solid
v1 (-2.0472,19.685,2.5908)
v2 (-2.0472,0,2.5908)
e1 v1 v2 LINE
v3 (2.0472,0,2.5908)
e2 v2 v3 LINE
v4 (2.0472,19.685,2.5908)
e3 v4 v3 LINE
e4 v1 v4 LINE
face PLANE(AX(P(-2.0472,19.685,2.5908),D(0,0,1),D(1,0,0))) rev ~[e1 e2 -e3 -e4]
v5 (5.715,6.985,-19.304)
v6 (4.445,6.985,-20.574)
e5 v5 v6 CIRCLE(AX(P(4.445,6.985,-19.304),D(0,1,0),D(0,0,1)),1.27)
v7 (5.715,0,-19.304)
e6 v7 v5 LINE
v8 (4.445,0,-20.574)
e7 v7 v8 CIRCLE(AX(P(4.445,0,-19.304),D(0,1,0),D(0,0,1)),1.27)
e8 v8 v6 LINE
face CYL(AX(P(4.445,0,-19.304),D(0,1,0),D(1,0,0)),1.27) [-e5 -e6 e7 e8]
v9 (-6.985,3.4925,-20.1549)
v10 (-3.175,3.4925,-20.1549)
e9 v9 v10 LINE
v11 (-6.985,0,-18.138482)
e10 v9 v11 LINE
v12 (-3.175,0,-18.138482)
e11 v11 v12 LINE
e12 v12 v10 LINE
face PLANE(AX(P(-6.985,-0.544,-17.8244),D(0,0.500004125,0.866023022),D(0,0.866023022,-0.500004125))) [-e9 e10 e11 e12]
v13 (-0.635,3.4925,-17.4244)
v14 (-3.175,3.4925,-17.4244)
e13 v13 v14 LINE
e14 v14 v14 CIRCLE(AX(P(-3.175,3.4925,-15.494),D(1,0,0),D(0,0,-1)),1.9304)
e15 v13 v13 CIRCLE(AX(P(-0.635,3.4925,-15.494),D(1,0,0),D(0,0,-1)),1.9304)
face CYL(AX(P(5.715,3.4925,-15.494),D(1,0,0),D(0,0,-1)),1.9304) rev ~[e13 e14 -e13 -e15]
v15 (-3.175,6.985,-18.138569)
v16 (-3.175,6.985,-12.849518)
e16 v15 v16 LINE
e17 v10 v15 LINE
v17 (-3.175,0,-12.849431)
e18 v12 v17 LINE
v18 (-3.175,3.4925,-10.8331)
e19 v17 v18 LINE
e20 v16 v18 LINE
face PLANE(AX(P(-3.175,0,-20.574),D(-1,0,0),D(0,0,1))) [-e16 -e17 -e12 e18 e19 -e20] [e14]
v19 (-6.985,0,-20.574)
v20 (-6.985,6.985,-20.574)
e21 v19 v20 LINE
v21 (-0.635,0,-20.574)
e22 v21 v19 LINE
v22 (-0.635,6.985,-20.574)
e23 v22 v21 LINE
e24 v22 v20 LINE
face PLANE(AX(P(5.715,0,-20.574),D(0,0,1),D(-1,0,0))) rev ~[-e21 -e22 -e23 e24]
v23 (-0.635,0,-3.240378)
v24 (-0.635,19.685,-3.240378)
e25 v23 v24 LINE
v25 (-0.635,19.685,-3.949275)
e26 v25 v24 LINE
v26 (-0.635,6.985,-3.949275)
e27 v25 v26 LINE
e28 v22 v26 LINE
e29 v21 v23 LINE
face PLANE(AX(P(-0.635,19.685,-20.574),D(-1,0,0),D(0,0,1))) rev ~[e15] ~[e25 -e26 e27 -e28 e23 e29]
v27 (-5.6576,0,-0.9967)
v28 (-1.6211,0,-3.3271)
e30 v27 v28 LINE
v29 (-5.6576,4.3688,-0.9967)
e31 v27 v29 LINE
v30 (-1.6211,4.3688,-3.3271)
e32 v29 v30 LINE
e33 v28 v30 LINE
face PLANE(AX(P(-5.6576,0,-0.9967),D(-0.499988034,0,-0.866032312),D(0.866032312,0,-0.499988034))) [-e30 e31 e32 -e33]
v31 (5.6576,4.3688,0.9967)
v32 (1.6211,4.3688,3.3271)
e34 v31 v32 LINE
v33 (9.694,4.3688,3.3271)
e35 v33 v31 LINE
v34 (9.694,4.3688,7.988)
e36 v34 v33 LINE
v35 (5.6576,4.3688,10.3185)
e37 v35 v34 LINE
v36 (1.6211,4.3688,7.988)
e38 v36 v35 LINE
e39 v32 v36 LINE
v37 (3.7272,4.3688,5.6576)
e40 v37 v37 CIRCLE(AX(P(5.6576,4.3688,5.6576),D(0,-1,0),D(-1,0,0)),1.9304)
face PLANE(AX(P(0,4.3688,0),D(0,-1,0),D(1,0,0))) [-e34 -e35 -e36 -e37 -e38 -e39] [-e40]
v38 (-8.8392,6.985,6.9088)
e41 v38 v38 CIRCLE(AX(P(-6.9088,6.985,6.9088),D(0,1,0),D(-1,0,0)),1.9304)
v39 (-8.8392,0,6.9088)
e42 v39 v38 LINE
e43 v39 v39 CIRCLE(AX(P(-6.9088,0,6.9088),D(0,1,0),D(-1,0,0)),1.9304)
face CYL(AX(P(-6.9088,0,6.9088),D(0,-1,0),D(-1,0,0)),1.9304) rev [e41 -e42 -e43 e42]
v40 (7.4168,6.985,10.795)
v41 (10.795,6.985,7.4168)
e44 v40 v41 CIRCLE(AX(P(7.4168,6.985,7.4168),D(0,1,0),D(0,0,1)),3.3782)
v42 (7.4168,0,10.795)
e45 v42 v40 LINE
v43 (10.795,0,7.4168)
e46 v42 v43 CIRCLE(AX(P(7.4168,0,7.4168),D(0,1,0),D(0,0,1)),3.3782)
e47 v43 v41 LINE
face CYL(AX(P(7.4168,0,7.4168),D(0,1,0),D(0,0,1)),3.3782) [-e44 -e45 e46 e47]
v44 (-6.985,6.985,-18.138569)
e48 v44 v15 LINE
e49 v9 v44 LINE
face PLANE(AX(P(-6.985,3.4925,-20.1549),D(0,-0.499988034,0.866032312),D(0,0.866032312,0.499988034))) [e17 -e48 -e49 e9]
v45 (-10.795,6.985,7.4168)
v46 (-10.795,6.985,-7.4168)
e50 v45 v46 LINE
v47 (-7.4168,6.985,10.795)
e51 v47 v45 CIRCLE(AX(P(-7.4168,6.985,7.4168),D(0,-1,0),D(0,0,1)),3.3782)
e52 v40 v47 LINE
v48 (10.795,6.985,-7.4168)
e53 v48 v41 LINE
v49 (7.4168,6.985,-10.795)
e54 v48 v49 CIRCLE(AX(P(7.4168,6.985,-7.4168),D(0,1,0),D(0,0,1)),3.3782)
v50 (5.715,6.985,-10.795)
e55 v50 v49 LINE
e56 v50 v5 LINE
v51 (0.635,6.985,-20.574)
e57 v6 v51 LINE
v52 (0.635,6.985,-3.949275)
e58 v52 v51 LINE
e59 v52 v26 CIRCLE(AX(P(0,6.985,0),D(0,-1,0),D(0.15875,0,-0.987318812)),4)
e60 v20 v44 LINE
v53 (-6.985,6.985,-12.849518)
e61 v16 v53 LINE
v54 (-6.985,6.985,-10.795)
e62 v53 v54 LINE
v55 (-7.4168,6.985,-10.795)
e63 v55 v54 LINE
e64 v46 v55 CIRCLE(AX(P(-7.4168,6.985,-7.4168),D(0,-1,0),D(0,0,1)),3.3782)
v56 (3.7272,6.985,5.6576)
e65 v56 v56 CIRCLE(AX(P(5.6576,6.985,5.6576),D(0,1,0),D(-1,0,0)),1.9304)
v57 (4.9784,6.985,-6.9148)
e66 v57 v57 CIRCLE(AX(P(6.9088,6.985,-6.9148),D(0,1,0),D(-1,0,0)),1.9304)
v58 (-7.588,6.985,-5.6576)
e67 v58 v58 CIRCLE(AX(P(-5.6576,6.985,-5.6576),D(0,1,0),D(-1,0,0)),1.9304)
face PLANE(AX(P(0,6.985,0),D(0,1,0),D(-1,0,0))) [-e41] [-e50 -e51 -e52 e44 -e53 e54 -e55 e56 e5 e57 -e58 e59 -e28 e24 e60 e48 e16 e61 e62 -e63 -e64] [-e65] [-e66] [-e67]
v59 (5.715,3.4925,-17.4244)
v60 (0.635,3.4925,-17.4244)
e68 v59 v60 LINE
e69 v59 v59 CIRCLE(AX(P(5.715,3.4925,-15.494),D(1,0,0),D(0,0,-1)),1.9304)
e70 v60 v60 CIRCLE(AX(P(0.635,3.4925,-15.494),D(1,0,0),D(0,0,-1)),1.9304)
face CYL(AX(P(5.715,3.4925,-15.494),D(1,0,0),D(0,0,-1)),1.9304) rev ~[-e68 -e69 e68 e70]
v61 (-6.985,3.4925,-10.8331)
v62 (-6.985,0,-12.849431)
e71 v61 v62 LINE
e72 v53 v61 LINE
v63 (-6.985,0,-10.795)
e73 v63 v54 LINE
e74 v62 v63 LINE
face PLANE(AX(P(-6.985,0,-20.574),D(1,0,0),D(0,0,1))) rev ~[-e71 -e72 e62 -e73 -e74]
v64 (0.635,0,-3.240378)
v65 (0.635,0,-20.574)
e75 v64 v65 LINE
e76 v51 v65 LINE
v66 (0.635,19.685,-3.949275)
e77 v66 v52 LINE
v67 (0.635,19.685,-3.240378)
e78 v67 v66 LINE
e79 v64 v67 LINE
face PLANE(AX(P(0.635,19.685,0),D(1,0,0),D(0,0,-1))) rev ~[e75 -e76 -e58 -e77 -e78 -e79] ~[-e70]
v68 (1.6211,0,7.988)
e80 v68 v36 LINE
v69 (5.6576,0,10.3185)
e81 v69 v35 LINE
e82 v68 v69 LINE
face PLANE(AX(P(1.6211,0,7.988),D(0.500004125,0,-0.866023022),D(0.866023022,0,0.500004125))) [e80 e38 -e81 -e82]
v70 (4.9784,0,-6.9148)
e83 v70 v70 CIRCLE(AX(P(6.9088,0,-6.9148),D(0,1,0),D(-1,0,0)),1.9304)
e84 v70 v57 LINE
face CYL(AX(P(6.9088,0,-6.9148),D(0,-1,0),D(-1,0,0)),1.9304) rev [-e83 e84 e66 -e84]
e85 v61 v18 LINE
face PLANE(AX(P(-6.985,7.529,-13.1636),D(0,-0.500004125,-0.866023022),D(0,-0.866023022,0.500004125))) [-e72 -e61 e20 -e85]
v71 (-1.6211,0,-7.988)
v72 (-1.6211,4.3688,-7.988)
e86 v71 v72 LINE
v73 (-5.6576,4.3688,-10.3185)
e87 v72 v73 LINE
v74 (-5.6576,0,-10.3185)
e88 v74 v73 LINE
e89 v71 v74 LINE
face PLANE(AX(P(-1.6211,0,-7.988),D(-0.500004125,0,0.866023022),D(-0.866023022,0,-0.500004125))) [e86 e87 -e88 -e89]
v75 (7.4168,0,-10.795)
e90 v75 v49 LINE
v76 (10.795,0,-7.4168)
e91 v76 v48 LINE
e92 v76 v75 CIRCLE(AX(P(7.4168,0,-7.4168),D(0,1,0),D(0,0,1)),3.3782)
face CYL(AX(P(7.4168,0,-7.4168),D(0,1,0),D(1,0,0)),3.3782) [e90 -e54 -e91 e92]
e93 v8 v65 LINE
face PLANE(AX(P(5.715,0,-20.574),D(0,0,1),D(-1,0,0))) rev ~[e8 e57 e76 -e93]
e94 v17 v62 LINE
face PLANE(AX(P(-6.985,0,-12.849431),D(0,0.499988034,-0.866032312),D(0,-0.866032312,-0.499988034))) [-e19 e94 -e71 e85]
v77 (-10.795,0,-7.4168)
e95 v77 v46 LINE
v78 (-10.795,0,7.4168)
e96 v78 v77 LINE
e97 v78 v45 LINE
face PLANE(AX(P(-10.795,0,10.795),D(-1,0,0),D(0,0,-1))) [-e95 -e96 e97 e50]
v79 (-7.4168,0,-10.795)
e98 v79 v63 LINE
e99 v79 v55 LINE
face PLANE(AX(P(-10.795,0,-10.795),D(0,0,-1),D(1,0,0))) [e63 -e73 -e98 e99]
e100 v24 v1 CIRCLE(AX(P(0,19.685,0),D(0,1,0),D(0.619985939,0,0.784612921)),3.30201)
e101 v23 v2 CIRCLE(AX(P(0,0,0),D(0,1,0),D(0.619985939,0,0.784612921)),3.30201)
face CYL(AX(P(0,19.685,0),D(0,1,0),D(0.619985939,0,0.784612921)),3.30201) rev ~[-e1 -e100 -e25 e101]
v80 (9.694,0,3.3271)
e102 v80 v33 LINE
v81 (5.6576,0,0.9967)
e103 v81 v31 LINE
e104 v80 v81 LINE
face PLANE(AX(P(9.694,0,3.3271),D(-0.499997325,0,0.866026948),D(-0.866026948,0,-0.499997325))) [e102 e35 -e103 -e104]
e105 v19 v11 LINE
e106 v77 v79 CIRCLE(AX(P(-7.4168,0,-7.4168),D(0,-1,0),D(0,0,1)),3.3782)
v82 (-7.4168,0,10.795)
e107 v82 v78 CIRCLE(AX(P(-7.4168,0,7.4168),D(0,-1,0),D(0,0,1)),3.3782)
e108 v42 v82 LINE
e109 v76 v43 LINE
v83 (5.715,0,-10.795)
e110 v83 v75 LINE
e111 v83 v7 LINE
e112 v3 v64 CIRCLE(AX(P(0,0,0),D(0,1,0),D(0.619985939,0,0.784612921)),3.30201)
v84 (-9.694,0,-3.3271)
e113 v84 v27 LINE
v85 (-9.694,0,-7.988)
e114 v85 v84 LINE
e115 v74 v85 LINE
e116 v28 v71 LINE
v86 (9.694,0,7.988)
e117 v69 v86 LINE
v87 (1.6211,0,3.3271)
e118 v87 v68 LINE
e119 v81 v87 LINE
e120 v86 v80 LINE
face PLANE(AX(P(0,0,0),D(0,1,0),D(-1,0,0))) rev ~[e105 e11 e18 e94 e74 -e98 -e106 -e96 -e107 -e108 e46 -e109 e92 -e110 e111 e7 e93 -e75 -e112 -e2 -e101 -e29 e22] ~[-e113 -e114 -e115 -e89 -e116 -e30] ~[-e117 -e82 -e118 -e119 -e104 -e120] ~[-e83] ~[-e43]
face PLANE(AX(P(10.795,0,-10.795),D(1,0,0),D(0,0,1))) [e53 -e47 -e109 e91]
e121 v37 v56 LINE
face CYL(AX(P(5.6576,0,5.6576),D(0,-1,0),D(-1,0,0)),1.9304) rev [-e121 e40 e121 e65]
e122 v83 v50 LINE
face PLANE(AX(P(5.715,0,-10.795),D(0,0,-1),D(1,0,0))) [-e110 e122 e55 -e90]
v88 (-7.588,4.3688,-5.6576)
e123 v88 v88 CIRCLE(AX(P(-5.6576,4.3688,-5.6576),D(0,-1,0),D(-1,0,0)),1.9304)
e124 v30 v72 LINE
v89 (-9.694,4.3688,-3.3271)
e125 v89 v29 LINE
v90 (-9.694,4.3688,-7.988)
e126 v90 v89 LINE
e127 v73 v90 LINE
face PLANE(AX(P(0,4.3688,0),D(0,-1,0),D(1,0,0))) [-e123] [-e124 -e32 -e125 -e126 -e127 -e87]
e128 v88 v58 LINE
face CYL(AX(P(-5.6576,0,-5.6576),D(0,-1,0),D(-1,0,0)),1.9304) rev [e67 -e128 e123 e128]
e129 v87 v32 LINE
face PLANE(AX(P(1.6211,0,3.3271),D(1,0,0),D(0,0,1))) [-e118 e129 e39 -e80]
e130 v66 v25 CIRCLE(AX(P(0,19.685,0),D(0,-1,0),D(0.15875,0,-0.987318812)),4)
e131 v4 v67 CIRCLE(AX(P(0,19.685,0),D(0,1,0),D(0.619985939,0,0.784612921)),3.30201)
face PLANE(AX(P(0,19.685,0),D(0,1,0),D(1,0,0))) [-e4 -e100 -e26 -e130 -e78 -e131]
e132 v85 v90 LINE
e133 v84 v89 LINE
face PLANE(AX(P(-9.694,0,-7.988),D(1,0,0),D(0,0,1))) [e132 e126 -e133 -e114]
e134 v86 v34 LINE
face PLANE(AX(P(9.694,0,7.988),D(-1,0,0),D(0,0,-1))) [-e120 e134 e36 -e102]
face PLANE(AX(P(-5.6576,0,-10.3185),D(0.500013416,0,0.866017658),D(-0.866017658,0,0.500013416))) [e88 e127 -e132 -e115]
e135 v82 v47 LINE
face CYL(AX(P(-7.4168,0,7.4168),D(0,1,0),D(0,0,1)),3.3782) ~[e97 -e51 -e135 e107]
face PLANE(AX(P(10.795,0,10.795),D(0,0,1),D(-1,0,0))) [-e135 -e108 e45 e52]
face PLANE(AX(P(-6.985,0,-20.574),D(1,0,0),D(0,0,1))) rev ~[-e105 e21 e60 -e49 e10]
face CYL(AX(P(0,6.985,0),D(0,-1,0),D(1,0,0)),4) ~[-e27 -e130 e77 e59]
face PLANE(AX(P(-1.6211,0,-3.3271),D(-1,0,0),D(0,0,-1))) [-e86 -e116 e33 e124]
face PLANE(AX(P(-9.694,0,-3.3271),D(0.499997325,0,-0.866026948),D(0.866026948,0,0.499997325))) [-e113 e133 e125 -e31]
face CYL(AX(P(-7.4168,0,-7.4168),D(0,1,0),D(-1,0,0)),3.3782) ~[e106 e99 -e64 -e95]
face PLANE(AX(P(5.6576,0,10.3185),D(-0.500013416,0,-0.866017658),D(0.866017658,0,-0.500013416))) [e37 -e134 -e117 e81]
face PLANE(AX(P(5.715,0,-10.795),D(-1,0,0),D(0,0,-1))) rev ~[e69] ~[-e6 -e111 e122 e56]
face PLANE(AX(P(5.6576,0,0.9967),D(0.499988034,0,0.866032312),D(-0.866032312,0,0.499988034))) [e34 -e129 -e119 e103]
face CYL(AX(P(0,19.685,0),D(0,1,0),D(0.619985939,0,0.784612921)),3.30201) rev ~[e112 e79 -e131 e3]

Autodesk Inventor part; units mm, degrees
ref_plane "YZ Plane" through (0, 0, 0) normal (1, 0, 0) x (0, 1, 0)
ref_plane "XZ Plane" through (0, 0, 0) normal (0, 1, 0) x (-1, 0, 0)
ref_plane "XY Plane" through (0, 0, 0) normal (0, 0, 1) x (1, 0, 0)
sketch "Sketch1" plane through (0, 0, 0) normal (0, 1, 0) x (-1, 0, 0)
  line L0 (-10.795, 10.795) -> (10.795, 10.795)
  line L1 (10.795, 10.795) -> (10.795, -10.795)
  line L2 (-10.795, -10.795) -> (-10.795, 10.795)
  circle A0 centre (5.6576, -5.6576) radius 1.9304
  circle A1 centre (6.9088, 6.9088) radius 1.9304
  circle A2 centre (-5.6576, 5.6576) radius 1.9304
  circle A3 centre (-6.9088, -6.9148) radius 1.9304
  line L3 (-5.715, -10.795) -> (-5.715, -20.574)
  line L4 (-5.715, -20.574) -> (6.985, -20.574)
  line L5 (6.985, -20.574) -> (6.985, -10.795)
  line L6 (10.795, -10.795) -> (6.985, -10.795)
  line L7 (-5.715, -10.795) -> (-10.795, -10.795)
  point P0 (0, 0)
  dimension "d2" = 10.795
  dimension "d3" = 10.795
  dimension "d4" = 3.8608
  dimension "d5" = 5.6576
  dimension "d6" = 5.6576
  dimension "d7" = 3.8608
  dimension "d8" = 6.9088
  dimension "d9" = 6.9088
  dimension "d10" = 3.8608
  dimension "d11" = 5.6576
  dimension "d12" = 5.6576
  dimension "d13" = 3.8608
  dimension "d14" = 12.7
  dimension "d16" = 6.985
  dimension "d45" = 10.795
  dimension "d46" = 10.795
  dimension "d47" = 10.795
extrude "Extrusion1" add sketch "Sketch1" along normal blind 6.985
sketch "Sketch2" plane through (-6.985, 0, -20.574) normal (-1, 0, 0) x (0, 0, 1)
  circle A0 centre (5.08, 3.4925) radius 4.6609 construction
  line L0 (9.779, 0) -> (0, 0) projected
  line L1 (0, 0) -> (0, 6.985) projected
  line L2 (9.7409, 3.4925) -> (7.4105, -0.544)
  line L3 (7.4105, -0.544) -> (2.7496, -0.544)
  line L4 (2.7496, -0.544) -> (0.4191, 3.4925)
  line L5 (0.4191, 3.4925) -> (2.7495, 7.529)
  line L6 (2.7495, 7.529) -> (7.4104, 7.529)
  line L7 (7.4104, 7.529) -> (9.7409, 3.4925)
  point P0 (20.574, 0)
  dimension "d19" = 9.3218
  dimension "d20" = 3.4925
  dimension "d21" = 5.08
extrude "Extrusion2" cut sketch "Sketch2" against normal blind 3.81
sketch "Sketch3" plane through (5.715, 0, -10.795) normal (1, 0, 0) x (0, 0, -1)
  circle A0 centre (4.699, 3.4925) radius 1.9304
  line L0 (9.779, 0) -> (9.779, 6.985) projected
  line L1 (0, 6.985) -> (9.779, 6.985) projected
  point P0 (-10.795, 0)
  dimension "d24" = 3.8608
  dimension "d25" = 5.08
  dimension "d26" = 3.4925
extrude "Extrusion3" cut sketch "Sketch3" against normal through all
sketch "Sketch4" plane through (0, 6.985, 0) normal (0, 1, 0) x (1, 0, 0)
  circle A0 centre (0, 0) radius 4
  dimension "d29" = 8
extrude "Extrusion4" add sketch "Sketch4" along normal blind 12.7
sketch "Sketch5" plane through (0, 19.685, 0) normal (0, 1, 0) x (1, 0, 0)
  arc A0 (2.0472, -2.5908) -> (-2.0472, -2.5908) centre (0, 0) ccw
  line L0 (-2.0472, -2.5908) -> (2.0472, -2.5908)
  dimension "d32" = 6.604
  dimension "d33" = 2.5908
fillet "Fillet1" radius 3.3782 4 edges at (10.795, 3.4925, 10.795) (10.795, 3.4925, -10.795) (-10.795, 3.4925, 10.795) (-10.795, 3.4925, -10.795)
extrude "Extrusion5" cut sketch "Sketch5" against normal through all
sketch "Sketch6" plane through (0, 19.685, 0) normal (0, 1, 0) x (1, 0, 0)
  line L0 (-6.985, 20.574) -> (5.715, 20.574) projected
  line L1 (0.635, 0) -> (0.635, 20.574)
  line L2 (0.635, 20.574) -> (-0.635, 20.574)
  line L3 (-0.635, 20.574) -> (-0.635, 0)
  line L4 (-0.635, -20.574) -> (0.635, 20.574) construction
  line L5 (0.635, -20.574) -> (-0.635, 20.574) construction
  line L6 (-0.635, 0) -> (0.635, 0)
  point P0 (0, 0)
  dimension "d37" = 1.27
extrude "Extrusion6" cut sketch "Sketch6" against normal through all
sketch "Sketch7" plane through (0, 0, 0) normal (0, -1, 0) x (1, 0, 0)
  circle A0 centre (-5.6576, -5.6576) radius 1.9304 projected
  circle A1 centre (-5.6576, -5.6576) radius 4.6609 construction
  circle A2 centre (5.6576, 5.6576) radius 1.9304 projected
  circle A3 centre (5.6576, 5.6576) radius 4.6609 construction
  line L0 (-5.6576, -0.9967) -> (-1.6211, -3.3271)
  line L1 (-1.6211, -3.3271) -> (-1.6211, -7.988)
  line L2 (-1.6211, -7.988) -> (-5.6576, -10.3185)
  line L3 (-5.6576, -10.3185) -> (-9.694, -7.988)
  line L4 (-9.694, -7.988) -> (-9.694, -3.3271)
  line L5 (-9.694, -3.3271) -> (-5.6576, -0.9967)
  line L6 (5.6576, 0.9967) -> (1.6211, 3.3271)
  line L7 (1.6211, 3.3271) -> (1.6211, 7.988)
  line L8 (1.6211, 7.988) -> (5.6576, 10.3185)
  line L9 (5.6576, 10.3185) -> (9.694, 7.988)
  line L10 (9.694, 7.988) -> (9.694, 3.3271)
  line L11 (9.694, 3.3271) -> (5.6576, 0.9967)
  point P0 (0, 0)
  dimension "d40" = 9.3218
  dimension "d41" = 9.3218
extrude "Extrusion7" cut sketch "Sketch7" against normal blind 4.3688
fillet "Fillet2" radius 1.27 1 edges at (5.715, 3.4925, -20.574)
properties part number "clamping hub .25 in to 8mm hub"
